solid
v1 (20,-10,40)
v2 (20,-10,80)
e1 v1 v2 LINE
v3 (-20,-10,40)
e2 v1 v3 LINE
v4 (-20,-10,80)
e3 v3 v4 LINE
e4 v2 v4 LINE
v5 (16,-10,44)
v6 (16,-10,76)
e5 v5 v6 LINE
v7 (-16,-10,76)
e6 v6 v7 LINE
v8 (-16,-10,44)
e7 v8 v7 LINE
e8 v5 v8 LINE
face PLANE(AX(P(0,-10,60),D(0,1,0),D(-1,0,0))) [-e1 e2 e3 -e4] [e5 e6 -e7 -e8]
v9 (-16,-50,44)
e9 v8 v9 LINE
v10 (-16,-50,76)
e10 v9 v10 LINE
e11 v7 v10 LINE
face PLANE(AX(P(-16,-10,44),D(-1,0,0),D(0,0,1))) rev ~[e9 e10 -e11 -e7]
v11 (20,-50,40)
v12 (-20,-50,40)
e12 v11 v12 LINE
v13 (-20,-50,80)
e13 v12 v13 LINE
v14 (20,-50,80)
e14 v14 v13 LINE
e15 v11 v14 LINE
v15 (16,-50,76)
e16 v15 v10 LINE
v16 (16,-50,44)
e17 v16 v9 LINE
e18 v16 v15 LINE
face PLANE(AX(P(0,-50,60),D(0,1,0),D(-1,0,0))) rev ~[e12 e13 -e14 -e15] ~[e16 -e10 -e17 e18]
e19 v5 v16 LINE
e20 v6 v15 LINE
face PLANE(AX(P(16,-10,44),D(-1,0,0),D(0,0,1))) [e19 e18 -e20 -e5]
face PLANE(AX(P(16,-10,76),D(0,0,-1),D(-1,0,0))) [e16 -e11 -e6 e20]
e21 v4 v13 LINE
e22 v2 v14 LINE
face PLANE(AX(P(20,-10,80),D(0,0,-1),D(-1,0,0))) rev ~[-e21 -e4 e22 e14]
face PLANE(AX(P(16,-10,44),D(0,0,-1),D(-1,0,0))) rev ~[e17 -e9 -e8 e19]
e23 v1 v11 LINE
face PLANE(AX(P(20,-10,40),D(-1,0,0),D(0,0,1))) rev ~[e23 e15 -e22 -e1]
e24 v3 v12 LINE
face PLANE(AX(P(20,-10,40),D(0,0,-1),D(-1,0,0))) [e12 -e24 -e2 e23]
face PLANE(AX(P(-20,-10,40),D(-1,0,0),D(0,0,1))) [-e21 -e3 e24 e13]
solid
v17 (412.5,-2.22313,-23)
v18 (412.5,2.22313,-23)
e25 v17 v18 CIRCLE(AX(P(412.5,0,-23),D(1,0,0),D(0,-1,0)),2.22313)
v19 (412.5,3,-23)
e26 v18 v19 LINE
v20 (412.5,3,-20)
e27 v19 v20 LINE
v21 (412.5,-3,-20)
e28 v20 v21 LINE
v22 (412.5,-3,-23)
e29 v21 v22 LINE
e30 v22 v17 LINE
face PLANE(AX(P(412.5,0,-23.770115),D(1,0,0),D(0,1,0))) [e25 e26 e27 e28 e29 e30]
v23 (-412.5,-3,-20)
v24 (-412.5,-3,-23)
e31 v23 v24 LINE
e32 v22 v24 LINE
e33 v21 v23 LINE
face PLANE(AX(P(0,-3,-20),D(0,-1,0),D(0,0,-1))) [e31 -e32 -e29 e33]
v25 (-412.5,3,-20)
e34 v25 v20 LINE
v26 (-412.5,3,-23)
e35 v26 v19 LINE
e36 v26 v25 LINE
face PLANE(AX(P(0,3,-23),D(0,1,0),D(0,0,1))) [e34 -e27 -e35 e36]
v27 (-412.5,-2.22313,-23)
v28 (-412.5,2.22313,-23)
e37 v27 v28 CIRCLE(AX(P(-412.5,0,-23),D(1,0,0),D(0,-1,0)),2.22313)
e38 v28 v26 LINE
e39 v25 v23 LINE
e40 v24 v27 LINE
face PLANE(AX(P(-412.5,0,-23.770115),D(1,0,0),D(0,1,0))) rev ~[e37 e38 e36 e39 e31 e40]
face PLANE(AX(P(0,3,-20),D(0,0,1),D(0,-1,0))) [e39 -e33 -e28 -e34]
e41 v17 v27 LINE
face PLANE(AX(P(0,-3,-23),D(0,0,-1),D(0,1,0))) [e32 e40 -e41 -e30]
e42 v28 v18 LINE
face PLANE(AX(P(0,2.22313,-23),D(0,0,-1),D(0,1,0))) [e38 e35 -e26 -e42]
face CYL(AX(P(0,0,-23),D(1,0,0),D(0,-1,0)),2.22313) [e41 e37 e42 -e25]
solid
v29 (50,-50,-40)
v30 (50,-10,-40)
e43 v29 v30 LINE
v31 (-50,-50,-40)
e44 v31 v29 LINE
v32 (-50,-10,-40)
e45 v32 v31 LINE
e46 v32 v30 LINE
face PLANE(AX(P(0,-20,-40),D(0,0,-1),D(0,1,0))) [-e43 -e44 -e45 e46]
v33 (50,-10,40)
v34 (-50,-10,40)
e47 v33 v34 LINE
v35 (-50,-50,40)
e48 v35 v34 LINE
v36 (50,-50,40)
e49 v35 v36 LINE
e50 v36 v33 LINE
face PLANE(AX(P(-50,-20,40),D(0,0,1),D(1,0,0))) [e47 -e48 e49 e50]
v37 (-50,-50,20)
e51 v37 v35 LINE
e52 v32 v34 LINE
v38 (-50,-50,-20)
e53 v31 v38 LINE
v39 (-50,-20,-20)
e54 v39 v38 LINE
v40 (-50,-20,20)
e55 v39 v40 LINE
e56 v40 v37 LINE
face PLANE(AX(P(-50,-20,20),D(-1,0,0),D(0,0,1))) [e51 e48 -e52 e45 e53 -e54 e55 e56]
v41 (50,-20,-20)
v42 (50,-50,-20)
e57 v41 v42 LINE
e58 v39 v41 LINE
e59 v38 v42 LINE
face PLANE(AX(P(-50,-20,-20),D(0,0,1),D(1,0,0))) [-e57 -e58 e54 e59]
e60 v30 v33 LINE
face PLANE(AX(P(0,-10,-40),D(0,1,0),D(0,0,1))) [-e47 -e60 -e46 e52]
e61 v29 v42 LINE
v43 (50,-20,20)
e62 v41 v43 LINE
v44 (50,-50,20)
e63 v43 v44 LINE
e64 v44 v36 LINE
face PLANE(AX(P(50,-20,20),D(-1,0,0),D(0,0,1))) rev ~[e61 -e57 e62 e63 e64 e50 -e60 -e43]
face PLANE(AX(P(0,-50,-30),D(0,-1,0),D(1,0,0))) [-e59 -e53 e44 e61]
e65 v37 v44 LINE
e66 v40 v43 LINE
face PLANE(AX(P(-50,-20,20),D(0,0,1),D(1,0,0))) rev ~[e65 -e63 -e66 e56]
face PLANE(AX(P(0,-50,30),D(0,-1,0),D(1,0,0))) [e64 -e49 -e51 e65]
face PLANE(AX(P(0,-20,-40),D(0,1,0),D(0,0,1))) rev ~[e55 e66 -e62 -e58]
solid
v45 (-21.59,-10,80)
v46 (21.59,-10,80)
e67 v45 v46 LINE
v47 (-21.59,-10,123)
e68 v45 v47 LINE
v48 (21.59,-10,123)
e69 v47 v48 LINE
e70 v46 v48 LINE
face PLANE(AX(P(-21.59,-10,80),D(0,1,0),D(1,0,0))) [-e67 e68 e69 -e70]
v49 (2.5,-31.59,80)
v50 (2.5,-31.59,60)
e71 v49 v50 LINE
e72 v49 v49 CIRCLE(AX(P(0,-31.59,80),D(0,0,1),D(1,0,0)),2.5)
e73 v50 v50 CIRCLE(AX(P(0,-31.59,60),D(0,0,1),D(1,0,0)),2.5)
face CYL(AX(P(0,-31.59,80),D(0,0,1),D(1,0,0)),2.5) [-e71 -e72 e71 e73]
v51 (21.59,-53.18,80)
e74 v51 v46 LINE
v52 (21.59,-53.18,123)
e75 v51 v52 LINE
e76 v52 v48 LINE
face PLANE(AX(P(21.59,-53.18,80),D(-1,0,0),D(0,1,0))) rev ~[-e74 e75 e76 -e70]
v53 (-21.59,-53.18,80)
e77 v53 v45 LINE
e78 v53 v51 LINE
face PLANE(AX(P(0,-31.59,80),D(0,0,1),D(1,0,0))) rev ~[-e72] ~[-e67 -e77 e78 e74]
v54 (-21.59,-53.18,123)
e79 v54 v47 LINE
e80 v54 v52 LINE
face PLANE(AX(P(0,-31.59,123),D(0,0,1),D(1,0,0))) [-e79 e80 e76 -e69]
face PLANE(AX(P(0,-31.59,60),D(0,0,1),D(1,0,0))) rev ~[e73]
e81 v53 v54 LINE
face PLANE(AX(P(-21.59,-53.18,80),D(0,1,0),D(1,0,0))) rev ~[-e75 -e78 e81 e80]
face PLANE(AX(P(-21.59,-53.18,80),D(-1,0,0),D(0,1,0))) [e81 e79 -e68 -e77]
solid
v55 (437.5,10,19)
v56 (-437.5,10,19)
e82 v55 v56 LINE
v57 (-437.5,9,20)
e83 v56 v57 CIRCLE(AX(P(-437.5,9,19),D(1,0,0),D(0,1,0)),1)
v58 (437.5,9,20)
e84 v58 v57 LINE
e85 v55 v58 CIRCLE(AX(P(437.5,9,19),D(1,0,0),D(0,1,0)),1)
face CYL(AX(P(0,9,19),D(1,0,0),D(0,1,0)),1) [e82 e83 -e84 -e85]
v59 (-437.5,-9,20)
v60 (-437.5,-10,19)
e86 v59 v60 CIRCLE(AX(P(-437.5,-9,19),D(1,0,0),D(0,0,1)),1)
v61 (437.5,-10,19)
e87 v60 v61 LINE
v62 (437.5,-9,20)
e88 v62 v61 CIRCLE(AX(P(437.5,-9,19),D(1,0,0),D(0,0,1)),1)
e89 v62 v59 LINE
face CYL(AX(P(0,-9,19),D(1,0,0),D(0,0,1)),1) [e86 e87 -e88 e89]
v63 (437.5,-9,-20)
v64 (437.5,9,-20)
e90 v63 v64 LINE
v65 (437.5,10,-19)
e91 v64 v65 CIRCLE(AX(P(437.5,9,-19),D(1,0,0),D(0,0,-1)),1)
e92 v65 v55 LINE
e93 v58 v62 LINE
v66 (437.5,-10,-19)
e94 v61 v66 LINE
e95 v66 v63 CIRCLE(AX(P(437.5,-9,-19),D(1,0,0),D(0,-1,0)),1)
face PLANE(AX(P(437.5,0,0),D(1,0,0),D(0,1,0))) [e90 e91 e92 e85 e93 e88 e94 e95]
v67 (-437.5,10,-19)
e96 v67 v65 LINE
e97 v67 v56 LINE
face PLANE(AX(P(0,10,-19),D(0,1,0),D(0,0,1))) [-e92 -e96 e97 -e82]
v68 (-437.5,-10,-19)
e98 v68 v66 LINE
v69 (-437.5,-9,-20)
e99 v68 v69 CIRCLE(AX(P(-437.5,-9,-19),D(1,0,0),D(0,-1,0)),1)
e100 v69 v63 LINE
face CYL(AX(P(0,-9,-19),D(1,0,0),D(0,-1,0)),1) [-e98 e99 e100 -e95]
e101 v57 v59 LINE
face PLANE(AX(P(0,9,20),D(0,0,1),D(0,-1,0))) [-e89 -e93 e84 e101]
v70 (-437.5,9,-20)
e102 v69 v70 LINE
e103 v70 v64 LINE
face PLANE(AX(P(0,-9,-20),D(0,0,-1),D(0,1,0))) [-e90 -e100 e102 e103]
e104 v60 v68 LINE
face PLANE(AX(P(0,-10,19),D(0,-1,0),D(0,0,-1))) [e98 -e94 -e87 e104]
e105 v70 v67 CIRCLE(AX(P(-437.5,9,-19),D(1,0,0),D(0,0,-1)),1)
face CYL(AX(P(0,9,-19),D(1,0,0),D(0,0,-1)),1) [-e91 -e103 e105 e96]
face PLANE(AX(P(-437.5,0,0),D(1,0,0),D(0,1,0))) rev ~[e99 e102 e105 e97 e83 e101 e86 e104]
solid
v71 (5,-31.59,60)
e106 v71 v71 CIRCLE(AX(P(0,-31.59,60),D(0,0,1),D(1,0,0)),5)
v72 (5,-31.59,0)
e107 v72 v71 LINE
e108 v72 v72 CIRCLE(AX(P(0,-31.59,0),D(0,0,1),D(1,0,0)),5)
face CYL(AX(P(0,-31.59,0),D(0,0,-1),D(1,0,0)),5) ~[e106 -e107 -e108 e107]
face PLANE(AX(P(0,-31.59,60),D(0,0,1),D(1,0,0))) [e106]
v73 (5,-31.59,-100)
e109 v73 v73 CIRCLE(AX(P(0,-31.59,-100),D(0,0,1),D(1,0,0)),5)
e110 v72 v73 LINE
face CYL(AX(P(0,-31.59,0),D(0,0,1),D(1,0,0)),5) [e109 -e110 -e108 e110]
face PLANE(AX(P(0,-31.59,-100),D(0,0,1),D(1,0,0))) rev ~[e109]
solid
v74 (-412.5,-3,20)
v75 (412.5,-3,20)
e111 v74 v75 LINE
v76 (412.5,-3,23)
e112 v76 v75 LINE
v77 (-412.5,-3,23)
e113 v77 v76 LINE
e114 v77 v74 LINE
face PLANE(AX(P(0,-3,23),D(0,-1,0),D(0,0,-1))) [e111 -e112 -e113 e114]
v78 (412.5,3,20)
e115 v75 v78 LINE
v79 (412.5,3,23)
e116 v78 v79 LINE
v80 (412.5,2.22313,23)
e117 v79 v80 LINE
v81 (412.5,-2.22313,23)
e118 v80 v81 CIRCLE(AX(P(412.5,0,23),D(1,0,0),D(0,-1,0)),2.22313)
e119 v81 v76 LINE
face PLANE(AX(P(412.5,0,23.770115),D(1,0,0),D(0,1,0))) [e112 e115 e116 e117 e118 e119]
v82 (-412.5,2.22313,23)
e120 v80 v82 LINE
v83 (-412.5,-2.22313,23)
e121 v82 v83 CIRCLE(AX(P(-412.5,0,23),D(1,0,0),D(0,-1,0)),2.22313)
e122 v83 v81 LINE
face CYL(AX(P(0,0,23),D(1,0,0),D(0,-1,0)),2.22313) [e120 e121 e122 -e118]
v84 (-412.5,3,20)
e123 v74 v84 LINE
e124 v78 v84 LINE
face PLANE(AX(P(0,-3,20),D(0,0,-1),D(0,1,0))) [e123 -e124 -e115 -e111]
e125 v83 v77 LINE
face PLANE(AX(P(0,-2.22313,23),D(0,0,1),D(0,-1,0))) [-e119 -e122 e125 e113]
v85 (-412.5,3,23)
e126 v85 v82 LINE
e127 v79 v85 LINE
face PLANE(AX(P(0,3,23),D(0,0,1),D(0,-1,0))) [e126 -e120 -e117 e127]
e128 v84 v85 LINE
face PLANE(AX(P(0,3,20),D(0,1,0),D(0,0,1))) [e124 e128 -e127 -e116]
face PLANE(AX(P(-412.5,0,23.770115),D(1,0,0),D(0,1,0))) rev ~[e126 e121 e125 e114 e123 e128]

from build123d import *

# Parameters (mm, degrees)
F2_DEPTH      = 437.5
F3_DEPTH      = 412.5
F1_W          = 10
F1_H          = 80
F4_DEPTH      = 50
F5_W          = 40
F5_H          = 40
F5_W_2        = 32
F5_H_2        = 32
F6_DEPTH      = 40
F8_R          = 5
F9_DEPTH      = 100
F9_DEPTH_BACK = 60
F7_W          = 43.18
F7_H          = 43.18
F7_R          = 2.5
F10_DEPTH     = 43
F11_DEPTH     = 20
F12_W         = 100
F12_H         = 20
F13_DEPTH     = 30


with BuildPart() as f2:
    # F0 (on Right) → F2 (new body, symmetric)
    with BuildSketch(Plane.YZ):
        with BuildLine():
            Line((-3, 20), (-9, 20))
            ThreePointArc((-9, 20), (-9.7071067812, 19.7071067812), (-10, 19))
            Line((-10, 19), (-10, -19))
            ThreePointArc((-10, -19), (-9.7071067812, -19.7071067812), (-9, -20))
            Line((-9, -20), (-3, -20))
            Line((-3, -20), (3, -20))
            Line((3, -20), (9, -20))
            ThreePointArc((9, -20), (9.7071067812, -19.7071067812), (10, -19))
            Line((10, -19), (10, 19))
            ThreePointArc((10, 19), (9.7071067812, 19.7071067812), (9, 20))
            Line((9, 20), (3, 20))
            Line((3, 20), (-3, 20))
        make_face()
    extrude(amount=F2_DEPTH, both=True)


with BuildPart() as f3:
    # F0 (on Right) → F3 (new body, symmetric)
    with BuildSketch(Plane.YZ):
        with BuildLine():
            ThreePointArc((2.2231295841, 23), (0, 25.2231295841), (-2.2231295841, 23))
            Line((-2.2231295841, 23), (2.2231295841, 23))
        make_face()
        with BuildLine():
            Line((2.2231295841, 23), (-2.2231295841, 23))
            ThreePointArc((-2.2231295841, 23), (0, 20.7768704159), (2.2231295841, 23))
        make_face()
        with BuildLine():
            Line((-3, 23), (-3, 20))
            Line((-3, 20), (3, 20))
            Line((3, 20), (3, 23))
            Line((3, 23), (2.2231295841, 23))
            ThreePointArc((2.2231295841, 23), (0, 20.7768704159), (-2.2231295841, 23))
            Line((-2.2231295841, 23), (-3, 23))
        make_face()
    extrude(amount=F3_DEPTH, both=True)


with BuildPart() as f3b:
    # F0 (on Right) → F3, piece 2 (new body, symmetric)
    with BuildSketch(Plane.YZ):
        with BuildLine():
            Line((2.2231295841, -23), (-2.2231295841, -23))
            ThreePointArc((-2.2231295841, -23), (0, -25.2231295841), (2.2231295841, -23))
        make_face()
        with BuildLine():
            Line((3, -20), (-3, -20))
            Line((-3, -20), (-3, -23))
            Line((-3, -23), (-2.2231295841, -23))
            ThreePointArc((-2.2231295841, -23), (0, -20.7768704159), (2.2231295841, -23))
            Line((2.2231295841, -23), (3, -23))
            Line((3, -23), (3, -20))
        make_face()
        with BuildLine():
            ThreePointArc((2.2231295841, -23), (0, -20.7768704159), (-2.2231295841, -23))
            Line((-2.2231295841, -23), (2.2231295841, -23))
        make_face()
    extrude(amount=F3_DEPTH, both=True)


with BuildPart() as f4:
    # F1 (on Right) → F4 (new body, symmetric)
    with BuildSketch(Plane.YZ):
        with Locations((-15, 0)):
            Rectangle(F1_W, F1_H)
    extrude(amount=F4_DEPTH, both=True)

    # F12 (on face) → F13 (join)
    with BuildSketch(Plane.XZ.offset(20)):
        with Locations((0, 30)):
            Rectangle(F12_W, F12_H)
        with Locations((0, -30)):
            Rectangle(F12_W, F12_H)
    extrude(amount=F13_DEPTH)


with BuildPart() as f6:
    # F5 (on face) → F6 (new body)
    with BuildSketch(Plane(origin=(0, -10, 0), x_dir=(-1, 0, 0), z_dir=(0, 1, 0))):
        with Locations((0, 60)):
            Rectangle(F5_W, F5_H)
        with Locations((0, 60)):
            Rectangle(F5_W_2, F5_H_2, mode=Mode.SUBTRACT)
    extrude(amount=-F6_DEPTH)


with BuildPart() as f9:
    # F8 (on Top) → F9 (new body, two sides)
    with BuildSketch(Plane.XY) as f9_sk:
        with Locations((0, -31.59)):
            Circle(F8_R)
    extrude(amount=-F9_DEPTH)
    extrude(f9_sk.sketch, amount=F9_DEPTH_BACK)


with BuildPart() as f10:
    # F7 (on face) → F10 (new body)
    with BuildSketch(Plane.XY.offset(80)):
        with Locations((0, -31.59)):
            Rectangle(F7_W, F7_H)
        with Locations((0, -31.59)):
            Circle(F7_R, mode=Mode.SUBTRACT)
        with Locations((0, -31.59)):
            Circle(F7_R)
    extrude(amount=F10_DEPTH)

    # F7 (on face) → F11 (join)
    with BuildSketch(Plane.XY.offset(80)):
        with Locations((0, -31.59)):
            Circle(F7_R)
    extrude(amount=-F11_DEPTH)


solid = Compound([f2.part, f3.part, f3b.part, f4.part, f6.part, f9.part, f10.part])
